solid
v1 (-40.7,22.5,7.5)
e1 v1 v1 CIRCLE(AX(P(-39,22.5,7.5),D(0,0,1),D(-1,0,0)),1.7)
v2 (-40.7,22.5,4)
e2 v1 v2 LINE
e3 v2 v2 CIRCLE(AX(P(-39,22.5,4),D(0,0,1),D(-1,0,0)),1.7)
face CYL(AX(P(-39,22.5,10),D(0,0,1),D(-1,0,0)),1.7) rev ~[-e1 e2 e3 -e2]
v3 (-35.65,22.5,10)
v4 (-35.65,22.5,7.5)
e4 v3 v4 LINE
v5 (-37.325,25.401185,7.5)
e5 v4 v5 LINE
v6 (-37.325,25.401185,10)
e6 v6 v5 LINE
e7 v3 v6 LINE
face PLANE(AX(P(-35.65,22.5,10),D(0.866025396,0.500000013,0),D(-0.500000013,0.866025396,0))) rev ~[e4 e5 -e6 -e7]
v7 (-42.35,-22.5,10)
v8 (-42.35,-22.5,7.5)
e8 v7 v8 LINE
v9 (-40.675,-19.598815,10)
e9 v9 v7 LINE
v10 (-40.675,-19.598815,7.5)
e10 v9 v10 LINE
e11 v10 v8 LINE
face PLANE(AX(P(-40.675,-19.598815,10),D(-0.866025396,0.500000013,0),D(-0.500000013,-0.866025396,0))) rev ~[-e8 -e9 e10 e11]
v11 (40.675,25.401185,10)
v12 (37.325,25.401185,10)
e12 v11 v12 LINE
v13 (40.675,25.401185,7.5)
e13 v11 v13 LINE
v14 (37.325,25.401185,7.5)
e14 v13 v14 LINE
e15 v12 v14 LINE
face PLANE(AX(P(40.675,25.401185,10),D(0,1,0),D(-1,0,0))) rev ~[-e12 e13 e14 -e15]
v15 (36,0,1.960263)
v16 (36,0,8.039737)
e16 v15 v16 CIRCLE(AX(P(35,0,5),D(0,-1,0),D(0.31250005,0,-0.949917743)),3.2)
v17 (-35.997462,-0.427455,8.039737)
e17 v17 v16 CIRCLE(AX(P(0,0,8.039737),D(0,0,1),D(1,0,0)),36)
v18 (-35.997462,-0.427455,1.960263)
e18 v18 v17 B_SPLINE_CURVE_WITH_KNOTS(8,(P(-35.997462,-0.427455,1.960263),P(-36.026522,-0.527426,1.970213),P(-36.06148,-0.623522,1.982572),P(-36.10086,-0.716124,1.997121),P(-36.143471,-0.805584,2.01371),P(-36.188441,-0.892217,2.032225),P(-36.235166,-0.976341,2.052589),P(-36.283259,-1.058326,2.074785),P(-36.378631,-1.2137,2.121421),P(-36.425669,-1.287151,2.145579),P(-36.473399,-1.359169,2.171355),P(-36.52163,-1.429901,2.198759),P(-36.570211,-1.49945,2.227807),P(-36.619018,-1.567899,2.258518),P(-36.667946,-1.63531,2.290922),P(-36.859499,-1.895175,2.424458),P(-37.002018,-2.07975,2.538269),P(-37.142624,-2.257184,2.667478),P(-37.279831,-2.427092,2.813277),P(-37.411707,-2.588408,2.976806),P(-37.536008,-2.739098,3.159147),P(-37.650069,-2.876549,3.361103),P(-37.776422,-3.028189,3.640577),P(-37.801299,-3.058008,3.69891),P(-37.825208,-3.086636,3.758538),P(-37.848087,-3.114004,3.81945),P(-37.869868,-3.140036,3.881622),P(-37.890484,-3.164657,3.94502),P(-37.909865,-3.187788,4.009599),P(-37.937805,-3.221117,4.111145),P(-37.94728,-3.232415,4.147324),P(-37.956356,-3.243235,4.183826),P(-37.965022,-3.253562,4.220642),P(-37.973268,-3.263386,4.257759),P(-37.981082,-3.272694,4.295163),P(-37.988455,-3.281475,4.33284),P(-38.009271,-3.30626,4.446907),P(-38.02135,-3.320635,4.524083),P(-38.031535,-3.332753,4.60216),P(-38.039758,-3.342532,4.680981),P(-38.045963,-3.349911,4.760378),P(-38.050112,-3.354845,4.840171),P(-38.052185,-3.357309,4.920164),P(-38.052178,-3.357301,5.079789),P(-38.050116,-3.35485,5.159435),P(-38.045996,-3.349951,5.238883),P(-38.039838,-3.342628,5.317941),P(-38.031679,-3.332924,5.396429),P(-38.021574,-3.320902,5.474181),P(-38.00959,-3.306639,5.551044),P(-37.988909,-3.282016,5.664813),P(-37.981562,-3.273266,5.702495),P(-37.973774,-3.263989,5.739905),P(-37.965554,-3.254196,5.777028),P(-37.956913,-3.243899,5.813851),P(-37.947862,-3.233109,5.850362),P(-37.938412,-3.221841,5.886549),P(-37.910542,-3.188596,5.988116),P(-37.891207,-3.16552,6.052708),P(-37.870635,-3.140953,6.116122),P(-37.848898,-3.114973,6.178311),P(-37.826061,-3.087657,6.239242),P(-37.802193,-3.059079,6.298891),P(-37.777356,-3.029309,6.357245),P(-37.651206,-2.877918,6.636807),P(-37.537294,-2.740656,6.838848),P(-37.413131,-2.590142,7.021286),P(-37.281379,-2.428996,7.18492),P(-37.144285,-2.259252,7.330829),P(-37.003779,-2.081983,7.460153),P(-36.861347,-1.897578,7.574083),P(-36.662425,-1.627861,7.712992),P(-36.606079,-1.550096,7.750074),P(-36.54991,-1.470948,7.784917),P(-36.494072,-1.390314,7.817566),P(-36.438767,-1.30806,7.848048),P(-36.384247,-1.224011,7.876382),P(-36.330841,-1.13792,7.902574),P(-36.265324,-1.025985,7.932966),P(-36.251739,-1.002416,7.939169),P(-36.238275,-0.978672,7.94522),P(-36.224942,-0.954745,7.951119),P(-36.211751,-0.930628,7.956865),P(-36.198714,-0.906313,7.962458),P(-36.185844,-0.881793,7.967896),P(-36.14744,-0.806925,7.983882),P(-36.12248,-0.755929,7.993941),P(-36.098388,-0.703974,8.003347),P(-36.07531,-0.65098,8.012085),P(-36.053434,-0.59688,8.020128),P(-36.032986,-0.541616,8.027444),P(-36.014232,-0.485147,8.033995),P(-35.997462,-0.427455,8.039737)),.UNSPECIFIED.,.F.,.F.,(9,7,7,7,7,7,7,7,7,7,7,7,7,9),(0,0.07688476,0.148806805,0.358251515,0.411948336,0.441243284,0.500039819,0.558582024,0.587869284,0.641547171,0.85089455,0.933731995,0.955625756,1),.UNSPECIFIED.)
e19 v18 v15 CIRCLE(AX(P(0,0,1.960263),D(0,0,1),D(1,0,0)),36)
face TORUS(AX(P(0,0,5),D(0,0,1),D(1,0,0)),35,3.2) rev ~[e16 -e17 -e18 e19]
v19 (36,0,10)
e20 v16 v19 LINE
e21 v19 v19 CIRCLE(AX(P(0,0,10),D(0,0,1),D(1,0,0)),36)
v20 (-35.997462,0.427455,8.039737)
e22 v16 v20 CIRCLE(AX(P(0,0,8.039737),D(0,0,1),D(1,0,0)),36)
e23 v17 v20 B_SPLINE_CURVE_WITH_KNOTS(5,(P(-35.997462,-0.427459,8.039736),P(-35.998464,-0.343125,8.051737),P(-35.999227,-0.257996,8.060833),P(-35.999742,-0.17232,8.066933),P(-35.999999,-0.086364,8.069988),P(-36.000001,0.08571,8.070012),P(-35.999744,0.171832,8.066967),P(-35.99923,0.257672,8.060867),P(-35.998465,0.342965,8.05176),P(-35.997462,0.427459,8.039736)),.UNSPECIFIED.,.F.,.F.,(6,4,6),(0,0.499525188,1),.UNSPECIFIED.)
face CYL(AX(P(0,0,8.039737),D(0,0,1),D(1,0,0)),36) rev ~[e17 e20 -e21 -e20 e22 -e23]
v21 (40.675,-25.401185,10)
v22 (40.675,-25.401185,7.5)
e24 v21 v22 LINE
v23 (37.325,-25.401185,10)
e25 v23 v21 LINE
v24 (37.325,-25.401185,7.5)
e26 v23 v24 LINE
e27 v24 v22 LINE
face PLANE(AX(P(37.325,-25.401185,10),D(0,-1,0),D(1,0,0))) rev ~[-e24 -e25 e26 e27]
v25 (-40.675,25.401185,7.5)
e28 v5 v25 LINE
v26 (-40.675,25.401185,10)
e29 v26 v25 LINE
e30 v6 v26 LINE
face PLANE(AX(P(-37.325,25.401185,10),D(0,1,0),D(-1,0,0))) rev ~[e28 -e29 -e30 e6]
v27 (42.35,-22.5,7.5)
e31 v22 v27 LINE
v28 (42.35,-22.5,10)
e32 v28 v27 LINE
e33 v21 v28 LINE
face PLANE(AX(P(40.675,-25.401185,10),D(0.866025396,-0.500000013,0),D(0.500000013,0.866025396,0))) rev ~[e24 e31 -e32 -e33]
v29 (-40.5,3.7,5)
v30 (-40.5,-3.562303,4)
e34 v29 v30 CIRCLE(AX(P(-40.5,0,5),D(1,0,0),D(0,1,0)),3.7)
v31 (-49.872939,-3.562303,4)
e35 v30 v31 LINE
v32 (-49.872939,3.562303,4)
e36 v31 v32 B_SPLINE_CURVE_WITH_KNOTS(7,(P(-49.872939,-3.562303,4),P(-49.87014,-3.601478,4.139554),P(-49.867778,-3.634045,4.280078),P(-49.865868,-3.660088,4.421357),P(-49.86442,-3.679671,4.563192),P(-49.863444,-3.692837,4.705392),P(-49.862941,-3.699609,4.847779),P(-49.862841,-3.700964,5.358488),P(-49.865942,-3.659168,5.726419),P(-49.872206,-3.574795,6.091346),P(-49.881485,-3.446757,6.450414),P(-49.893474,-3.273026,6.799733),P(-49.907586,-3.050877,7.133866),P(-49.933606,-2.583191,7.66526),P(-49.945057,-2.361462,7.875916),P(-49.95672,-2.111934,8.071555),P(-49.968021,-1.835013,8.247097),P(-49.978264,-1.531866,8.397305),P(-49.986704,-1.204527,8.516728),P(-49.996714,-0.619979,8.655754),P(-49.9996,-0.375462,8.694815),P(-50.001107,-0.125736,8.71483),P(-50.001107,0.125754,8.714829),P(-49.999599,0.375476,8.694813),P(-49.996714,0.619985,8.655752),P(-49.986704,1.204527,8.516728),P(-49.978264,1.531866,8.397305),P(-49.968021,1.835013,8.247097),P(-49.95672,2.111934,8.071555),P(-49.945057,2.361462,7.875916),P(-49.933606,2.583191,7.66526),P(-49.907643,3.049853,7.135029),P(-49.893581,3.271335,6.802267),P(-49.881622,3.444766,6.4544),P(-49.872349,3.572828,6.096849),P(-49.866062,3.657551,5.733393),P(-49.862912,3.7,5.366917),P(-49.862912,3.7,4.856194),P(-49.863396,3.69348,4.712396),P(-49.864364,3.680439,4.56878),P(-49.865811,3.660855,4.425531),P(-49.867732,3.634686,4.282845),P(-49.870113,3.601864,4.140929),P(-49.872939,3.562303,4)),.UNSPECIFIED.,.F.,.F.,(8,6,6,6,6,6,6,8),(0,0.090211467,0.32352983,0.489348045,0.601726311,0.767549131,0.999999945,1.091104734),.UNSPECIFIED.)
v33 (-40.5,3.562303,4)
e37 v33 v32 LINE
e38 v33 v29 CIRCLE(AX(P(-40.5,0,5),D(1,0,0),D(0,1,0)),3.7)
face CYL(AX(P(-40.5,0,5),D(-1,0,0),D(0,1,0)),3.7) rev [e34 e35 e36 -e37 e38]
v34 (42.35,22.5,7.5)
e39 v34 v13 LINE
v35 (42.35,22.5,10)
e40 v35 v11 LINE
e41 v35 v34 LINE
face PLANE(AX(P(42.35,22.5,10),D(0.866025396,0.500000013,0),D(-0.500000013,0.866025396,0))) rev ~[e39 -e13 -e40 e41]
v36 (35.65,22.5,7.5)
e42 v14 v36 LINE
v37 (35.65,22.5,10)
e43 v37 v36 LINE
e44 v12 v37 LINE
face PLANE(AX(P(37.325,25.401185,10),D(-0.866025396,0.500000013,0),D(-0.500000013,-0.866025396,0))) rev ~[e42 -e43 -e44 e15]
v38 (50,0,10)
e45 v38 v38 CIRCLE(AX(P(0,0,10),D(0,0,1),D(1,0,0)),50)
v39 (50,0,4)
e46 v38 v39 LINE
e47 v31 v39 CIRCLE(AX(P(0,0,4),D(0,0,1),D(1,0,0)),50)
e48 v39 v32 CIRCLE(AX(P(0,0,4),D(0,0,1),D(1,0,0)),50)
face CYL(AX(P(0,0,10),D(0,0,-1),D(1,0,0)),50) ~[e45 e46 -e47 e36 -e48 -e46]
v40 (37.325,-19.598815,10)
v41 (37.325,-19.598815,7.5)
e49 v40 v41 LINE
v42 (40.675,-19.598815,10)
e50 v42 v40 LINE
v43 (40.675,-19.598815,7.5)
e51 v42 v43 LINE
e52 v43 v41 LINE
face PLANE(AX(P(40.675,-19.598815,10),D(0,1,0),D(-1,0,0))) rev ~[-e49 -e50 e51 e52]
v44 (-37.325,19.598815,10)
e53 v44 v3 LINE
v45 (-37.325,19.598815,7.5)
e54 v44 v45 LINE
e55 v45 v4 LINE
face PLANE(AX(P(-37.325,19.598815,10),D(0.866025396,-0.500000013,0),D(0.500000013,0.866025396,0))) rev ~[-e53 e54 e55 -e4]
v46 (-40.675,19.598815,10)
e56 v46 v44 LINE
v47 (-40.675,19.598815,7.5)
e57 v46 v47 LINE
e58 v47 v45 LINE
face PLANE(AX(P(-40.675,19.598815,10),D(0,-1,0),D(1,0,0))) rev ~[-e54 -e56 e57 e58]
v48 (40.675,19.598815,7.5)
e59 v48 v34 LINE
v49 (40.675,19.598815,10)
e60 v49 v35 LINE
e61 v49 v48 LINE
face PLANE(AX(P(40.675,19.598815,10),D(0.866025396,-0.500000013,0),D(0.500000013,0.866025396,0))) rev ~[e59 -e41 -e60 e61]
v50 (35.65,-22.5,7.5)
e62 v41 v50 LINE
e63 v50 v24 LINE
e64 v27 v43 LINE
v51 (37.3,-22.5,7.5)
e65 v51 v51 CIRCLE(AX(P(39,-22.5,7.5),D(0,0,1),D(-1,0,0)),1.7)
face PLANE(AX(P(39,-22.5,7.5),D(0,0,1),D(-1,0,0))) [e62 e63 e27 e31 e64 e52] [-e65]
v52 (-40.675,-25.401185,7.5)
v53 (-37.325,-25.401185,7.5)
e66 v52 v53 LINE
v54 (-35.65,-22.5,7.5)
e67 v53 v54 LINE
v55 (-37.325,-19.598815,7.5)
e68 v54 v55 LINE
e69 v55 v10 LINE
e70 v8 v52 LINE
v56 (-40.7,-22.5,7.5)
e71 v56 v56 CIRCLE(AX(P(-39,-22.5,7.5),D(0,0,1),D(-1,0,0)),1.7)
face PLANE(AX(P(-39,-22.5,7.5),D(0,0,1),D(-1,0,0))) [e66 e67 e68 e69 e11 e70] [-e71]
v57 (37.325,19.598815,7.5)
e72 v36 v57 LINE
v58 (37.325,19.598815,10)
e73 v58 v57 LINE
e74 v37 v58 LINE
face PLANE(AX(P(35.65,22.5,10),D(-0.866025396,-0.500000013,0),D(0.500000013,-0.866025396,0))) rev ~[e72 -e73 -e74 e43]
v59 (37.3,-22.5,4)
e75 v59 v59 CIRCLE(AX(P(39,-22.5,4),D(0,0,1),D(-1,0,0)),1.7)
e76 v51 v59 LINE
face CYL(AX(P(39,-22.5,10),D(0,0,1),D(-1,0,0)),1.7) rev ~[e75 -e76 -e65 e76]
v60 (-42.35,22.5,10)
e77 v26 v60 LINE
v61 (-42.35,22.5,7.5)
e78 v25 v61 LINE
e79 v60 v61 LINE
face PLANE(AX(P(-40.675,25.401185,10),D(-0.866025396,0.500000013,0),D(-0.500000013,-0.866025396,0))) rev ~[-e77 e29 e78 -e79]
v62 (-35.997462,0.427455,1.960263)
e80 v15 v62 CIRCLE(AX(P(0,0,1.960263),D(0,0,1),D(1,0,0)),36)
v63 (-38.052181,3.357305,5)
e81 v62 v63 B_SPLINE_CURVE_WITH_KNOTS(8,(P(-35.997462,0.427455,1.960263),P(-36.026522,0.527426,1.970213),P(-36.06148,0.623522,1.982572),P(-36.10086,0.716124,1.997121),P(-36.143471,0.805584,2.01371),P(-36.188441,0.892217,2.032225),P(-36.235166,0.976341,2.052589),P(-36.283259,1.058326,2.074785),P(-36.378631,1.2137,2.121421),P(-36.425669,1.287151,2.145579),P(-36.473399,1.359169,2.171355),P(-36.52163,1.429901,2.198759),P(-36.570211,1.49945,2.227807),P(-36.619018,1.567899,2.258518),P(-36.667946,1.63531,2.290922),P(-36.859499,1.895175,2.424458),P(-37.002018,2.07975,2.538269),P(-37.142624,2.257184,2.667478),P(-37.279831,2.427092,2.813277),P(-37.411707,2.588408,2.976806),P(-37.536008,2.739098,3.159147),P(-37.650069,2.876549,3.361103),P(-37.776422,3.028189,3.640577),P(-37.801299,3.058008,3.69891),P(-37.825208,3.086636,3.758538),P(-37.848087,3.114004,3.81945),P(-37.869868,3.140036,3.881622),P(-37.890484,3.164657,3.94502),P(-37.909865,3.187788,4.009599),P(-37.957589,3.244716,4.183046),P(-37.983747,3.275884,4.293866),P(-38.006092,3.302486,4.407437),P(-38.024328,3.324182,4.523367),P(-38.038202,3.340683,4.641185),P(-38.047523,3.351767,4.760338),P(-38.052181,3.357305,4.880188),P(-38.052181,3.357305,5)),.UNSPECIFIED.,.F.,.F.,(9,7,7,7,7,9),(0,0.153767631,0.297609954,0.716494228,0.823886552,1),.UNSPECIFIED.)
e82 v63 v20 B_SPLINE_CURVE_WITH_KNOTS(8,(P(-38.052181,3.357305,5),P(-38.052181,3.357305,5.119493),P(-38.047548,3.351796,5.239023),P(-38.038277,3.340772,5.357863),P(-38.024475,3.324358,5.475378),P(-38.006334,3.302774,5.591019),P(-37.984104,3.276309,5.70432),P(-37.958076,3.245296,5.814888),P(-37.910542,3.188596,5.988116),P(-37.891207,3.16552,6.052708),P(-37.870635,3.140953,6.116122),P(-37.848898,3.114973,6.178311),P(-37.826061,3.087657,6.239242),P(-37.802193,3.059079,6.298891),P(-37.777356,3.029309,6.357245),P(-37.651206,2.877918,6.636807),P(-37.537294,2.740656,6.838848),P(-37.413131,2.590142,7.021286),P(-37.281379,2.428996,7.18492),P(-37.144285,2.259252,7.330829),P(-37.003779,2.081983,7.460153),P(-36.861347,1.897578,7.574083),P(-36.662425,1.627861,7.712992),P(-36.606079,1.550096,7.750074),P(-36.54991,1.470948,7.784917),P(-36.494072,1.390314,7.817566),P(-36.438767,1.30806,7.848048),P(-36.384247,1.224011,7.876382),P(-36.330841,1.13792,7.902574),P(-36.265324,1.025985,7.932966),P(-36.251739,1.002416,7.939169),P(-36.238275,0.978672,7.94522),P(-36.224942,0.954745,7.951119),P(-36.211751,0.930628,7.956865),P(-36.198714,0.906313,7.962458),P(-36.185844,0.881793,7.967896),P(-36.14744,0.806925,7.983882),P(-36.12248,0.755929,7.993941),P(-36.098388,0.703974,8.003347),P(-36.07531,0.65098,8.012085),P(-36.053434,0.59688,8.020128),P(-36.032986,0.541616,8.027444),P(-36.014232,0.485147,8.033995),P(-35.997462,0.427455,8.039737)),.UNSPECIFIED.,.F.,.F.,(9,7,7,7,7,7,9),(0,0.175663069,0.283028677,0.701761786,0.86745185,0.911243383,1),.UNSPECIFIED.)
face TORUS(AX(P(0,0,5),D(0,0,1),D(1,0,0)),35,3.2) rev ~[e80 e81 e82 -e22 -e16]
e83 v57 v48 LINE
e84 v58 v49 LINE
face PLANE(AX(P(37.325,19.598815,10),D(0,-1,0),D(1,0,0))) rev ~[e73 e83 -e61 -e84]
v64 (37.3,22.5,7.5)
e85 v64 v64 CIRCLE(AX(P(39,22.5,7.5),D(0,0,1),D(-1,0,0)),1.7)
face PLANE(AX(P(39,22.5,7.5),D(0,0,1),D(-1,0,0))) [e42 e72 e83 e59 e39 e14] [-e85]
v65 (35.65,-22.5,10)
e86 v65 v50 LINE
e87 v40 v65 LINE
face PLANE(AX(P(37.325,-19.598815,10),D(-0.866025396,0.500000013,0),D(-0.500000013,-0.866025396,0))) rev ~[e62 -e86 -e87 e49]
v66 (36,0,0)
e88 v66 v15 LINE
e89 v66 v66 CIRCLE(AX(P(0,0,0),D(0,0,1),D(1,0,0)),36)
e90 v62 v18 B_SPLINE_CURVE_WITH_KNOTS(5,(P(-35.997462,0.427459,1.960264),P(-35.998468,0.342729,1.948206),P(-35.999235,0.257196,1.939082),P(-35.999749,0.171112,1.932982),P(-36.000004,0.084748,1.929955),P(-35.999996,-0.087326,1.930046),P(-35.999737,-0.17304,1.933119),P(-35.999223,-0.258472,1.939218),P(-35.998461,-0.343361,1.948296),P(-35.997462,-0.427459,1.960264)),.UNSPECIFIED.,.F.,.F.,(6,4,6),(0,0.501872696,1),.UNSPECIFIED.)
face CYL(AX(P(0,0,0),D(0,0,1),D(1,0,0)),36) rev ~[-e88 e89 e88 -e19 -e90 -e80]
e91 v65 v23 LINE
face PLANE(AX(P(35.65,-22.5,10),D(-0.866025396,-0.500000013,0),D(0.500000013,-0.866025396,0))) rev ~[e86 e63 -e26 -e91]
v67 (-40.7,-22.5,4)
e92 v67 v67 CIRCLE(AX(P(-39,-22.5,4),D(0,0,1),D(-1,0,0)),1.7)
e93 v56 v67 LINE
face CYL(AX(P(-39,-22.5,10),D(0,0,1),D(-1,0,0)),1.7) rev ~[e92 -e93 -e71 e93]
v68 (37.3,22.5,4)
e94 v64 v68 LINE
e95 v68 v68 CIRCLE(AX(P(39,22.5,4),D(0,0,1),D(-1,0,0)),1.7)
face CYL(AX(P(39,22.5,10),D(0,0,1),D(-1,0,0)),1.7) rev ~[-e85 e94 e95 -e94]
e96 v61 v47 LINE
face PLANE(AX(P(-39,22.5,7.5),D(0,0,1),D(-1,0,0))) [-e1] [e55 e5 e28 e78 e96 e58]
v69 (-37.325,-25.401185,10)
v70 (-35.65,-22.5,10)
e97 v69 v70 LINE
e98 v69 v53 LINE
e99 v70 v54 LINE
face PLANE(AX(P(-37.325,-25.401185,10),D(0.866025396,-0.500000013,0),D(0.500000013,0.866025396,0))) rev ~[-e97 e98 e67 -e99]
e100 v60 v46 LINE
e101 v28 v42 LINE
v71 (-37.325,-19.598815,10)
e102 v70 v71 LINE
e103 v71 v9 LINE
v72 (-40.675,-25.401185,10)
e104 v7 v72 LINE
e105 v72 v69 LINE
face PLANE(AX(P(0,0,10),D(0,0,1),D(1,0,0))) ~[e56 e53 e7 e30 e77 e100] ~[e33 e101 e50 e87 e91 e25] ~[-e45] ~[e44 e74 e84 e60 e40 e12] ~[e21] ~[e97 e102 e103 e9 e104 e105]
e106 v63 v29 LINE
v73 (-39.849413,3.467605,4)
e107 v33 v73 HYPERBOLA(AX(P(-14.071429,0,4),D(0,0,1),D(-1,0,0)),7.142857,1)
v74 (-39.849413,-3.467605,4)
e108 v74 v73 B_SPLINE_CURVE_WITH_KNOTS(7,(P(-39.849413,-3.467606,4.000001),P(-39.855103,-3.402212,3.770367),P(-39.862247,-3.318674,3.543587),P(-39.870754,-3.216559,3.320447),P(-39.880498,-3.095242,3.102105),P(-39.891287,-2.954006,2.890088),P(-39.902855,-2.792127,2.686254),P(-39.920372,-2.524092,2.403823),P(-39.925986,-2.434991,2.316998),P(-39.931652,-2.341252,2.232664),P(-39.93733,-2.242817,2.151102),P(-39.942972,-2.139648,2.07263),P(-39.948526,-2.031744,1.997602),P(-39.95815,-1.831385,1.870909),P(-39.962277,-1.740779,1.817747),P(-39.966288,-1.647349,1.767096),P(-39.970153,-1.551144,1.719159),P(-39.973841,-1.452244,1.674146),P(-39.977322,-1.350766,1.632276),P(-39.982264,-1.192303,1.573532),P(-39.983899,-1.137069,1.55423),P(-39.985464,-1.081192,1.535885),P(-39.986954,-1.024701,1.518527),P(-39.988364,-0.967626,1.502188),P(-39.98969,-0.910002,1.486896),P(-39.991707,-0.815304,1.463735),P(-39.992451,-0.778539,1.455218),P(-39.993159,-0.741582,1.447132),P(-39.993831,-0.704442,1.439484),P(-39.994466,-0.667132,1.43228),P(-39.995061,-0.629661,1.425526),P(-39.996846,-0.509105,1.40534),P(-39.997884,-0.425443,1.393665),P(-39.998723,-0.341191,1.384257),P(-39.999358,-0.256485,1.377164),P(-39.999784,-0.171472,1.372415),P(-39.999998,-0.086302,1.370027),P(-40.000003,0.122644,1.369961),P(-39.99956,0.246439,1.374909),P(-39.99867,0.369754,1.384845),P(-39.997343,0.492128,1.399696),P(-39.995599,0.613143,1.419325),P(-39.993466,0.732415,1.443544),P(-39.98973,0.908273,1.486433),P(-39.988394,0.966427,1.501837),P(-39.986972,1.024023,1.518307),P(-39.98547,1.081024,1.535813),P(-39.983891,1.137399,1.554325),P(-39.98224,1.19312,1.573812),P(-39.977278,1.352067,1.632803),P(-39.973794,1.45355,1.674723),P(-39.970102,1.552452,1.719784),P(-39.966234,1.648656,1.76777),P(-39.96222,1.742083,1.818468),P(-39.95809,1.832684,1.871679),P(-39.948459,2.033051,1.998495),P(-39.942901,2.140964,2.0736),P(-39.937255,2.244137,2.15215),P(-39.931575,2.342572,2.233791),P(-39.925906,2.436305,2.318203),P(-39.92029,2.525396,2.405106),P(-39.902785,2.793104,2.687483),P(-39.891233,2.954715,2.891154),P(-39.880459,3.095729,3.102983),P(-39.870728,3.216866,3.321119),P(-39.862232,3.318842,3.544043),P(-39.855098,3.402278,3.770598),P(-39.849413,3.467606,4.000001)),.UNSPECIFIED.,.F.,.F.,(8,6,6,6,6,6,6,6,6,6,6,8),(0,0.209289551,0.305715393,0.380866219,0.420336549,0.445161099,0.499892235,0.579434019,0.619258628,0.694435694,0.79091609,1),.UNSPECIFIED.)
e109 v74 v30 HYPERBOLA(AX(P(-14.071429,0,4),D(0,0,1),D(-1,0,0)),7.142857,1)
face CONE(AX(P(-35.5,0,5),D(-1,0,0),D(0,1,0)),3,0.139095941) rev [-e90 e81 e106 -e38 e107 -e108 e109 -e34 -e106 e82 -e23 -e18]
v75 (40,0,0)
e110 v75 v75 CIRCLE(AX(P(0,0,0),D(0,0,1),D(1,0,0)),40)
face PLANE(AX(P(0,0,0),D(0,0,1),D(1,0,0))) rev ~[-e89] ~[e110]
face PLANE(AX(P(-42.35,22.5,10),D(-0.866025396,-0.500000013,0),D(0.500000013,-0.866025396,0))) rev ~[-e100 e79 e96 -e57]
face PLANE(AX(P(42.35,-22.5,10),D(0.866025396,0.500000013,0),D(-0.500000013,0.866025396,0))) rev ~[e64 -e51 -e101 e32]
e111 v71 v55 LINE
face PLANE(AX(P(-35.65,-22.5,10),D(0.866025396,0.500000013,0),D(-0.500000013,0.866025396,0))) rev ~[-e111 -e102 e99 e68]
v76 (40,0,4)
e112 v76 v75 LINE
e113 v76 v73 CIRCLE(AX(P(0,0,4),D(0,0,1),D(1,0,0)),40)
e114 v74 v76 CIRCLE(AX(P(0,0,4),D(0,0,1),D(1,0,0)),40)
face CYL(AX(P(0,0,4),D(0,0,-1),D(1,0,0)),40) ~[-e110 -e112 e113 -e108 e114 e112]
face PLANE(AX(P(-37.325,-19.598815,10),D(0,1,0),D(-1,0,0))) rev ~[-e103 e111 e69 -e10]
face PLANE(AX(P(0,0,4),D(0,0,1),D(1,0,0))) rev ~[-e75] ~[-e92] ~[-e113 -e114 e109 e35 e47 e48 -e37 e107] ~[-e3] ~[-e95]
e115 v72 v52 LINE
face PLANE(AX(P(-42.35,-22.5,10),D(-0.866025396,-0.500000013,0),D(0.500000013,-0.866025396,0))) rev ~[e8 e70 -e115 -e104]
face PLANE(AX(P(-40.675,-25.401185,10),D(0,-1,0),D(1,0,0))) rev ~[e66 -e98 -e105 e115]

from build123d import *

# Parameters (mm, degrees)
SKETCH002_R     = 1.7
POCKET_DEPTH    = 10.001
POCKET001_DEPTH = 2.5


with BuildPart() as part:
    # Sketch → Revolution (revolve)
    with BuildSketch(Plane.XZ):
        with BuildLine():
            ThreePointArc((36, 1.960263), (38.2, 5), (36, 8.039737))
            Line((36, 8.039737), (36, 10))
            Line((36, 10), (50, 10))
            Line((50, 10), (50, 4))
            Line((50, 4), (40, 4))
            Line((40, 4), (40, 0))
            Line((40, 0), (36, 0))
            Line((36, 0), (36, 1.960263))
        make_face()
    revolve(axis=Axis((0, 0, 0), (0, 0, 1)))

    # Sketch001 (on DatumPlane) → Groove (revolve, cut)
    with BuildSketch(Plane.XY.offset(5)):
        Polygon((-35.5, 0), (-35.5, 3), (-40.5, 3.7), (-51.5, 3.7), (-51.5, 0), align=None)
    revolve(axis=Axis((0, 0, 5), (1, 0, 0)), mode=Mode.SUBTRACT)

    # Sketch002 (on Face6 of Groove) → Pocket (cut, through all)
    with BuildSketch(Plane(origin=(0, 0, 10), x_dir=(-1, 0, 0), z_dir=(0, 0, 1))):
        with Locations((39, -22.5)):
            Circle(SKETCH002_R)
        with Locations((39, 22.5)):
            Circle(SKETCH002_R)
        with Locations((-39, 22.5)):
            Circle(SKETCH002_R)
        with Locations((-39, -22.5)):
            Circle(SKETCH002_R)
    extrude(amount=-POCKET_DEPTH, mode=Mode.SUBTRACT)

    # Sketch003 (on Face6 of Pocket) → Pocket001 (cut)
    with BuildSketch(Plane(origin=(0, 0, 10), x_dir=(-1, 0, 0), z_dir=(0, 0, 1))):
        Polygon((37.325, 25.401185), (35.65, 22.5), (37.325, 19.598815), (40.675, 19.598815), (42.35, 22.5), (40.675, 25.401185), align=None)
        Polygon((-37.325, 25.401185), (-40.675, 25.401185), (-42.35, 22.5), (-40.675, 19.598815), (-37.325, 19.598815), (-35.65, 22.5), align=None)
        Polygon((-37.325, -19.598815), (-40.675, -19.598815), (-42.35, -22.5), (-40.675, -25.401185), (-37.325, -25.401185), (-35.65, -22.5), align=None)
        Polygon((40.675, -19.598815), (37.325, -19.598815), (35.65, -22.5), (37.325, -25.401185), (40.675, -25.401185), (42.35, -22.5), align=None)
    extrude(amount=-POCKET001_DEPTH, mode=Mode.SUBTRACT)


solid = part.part
